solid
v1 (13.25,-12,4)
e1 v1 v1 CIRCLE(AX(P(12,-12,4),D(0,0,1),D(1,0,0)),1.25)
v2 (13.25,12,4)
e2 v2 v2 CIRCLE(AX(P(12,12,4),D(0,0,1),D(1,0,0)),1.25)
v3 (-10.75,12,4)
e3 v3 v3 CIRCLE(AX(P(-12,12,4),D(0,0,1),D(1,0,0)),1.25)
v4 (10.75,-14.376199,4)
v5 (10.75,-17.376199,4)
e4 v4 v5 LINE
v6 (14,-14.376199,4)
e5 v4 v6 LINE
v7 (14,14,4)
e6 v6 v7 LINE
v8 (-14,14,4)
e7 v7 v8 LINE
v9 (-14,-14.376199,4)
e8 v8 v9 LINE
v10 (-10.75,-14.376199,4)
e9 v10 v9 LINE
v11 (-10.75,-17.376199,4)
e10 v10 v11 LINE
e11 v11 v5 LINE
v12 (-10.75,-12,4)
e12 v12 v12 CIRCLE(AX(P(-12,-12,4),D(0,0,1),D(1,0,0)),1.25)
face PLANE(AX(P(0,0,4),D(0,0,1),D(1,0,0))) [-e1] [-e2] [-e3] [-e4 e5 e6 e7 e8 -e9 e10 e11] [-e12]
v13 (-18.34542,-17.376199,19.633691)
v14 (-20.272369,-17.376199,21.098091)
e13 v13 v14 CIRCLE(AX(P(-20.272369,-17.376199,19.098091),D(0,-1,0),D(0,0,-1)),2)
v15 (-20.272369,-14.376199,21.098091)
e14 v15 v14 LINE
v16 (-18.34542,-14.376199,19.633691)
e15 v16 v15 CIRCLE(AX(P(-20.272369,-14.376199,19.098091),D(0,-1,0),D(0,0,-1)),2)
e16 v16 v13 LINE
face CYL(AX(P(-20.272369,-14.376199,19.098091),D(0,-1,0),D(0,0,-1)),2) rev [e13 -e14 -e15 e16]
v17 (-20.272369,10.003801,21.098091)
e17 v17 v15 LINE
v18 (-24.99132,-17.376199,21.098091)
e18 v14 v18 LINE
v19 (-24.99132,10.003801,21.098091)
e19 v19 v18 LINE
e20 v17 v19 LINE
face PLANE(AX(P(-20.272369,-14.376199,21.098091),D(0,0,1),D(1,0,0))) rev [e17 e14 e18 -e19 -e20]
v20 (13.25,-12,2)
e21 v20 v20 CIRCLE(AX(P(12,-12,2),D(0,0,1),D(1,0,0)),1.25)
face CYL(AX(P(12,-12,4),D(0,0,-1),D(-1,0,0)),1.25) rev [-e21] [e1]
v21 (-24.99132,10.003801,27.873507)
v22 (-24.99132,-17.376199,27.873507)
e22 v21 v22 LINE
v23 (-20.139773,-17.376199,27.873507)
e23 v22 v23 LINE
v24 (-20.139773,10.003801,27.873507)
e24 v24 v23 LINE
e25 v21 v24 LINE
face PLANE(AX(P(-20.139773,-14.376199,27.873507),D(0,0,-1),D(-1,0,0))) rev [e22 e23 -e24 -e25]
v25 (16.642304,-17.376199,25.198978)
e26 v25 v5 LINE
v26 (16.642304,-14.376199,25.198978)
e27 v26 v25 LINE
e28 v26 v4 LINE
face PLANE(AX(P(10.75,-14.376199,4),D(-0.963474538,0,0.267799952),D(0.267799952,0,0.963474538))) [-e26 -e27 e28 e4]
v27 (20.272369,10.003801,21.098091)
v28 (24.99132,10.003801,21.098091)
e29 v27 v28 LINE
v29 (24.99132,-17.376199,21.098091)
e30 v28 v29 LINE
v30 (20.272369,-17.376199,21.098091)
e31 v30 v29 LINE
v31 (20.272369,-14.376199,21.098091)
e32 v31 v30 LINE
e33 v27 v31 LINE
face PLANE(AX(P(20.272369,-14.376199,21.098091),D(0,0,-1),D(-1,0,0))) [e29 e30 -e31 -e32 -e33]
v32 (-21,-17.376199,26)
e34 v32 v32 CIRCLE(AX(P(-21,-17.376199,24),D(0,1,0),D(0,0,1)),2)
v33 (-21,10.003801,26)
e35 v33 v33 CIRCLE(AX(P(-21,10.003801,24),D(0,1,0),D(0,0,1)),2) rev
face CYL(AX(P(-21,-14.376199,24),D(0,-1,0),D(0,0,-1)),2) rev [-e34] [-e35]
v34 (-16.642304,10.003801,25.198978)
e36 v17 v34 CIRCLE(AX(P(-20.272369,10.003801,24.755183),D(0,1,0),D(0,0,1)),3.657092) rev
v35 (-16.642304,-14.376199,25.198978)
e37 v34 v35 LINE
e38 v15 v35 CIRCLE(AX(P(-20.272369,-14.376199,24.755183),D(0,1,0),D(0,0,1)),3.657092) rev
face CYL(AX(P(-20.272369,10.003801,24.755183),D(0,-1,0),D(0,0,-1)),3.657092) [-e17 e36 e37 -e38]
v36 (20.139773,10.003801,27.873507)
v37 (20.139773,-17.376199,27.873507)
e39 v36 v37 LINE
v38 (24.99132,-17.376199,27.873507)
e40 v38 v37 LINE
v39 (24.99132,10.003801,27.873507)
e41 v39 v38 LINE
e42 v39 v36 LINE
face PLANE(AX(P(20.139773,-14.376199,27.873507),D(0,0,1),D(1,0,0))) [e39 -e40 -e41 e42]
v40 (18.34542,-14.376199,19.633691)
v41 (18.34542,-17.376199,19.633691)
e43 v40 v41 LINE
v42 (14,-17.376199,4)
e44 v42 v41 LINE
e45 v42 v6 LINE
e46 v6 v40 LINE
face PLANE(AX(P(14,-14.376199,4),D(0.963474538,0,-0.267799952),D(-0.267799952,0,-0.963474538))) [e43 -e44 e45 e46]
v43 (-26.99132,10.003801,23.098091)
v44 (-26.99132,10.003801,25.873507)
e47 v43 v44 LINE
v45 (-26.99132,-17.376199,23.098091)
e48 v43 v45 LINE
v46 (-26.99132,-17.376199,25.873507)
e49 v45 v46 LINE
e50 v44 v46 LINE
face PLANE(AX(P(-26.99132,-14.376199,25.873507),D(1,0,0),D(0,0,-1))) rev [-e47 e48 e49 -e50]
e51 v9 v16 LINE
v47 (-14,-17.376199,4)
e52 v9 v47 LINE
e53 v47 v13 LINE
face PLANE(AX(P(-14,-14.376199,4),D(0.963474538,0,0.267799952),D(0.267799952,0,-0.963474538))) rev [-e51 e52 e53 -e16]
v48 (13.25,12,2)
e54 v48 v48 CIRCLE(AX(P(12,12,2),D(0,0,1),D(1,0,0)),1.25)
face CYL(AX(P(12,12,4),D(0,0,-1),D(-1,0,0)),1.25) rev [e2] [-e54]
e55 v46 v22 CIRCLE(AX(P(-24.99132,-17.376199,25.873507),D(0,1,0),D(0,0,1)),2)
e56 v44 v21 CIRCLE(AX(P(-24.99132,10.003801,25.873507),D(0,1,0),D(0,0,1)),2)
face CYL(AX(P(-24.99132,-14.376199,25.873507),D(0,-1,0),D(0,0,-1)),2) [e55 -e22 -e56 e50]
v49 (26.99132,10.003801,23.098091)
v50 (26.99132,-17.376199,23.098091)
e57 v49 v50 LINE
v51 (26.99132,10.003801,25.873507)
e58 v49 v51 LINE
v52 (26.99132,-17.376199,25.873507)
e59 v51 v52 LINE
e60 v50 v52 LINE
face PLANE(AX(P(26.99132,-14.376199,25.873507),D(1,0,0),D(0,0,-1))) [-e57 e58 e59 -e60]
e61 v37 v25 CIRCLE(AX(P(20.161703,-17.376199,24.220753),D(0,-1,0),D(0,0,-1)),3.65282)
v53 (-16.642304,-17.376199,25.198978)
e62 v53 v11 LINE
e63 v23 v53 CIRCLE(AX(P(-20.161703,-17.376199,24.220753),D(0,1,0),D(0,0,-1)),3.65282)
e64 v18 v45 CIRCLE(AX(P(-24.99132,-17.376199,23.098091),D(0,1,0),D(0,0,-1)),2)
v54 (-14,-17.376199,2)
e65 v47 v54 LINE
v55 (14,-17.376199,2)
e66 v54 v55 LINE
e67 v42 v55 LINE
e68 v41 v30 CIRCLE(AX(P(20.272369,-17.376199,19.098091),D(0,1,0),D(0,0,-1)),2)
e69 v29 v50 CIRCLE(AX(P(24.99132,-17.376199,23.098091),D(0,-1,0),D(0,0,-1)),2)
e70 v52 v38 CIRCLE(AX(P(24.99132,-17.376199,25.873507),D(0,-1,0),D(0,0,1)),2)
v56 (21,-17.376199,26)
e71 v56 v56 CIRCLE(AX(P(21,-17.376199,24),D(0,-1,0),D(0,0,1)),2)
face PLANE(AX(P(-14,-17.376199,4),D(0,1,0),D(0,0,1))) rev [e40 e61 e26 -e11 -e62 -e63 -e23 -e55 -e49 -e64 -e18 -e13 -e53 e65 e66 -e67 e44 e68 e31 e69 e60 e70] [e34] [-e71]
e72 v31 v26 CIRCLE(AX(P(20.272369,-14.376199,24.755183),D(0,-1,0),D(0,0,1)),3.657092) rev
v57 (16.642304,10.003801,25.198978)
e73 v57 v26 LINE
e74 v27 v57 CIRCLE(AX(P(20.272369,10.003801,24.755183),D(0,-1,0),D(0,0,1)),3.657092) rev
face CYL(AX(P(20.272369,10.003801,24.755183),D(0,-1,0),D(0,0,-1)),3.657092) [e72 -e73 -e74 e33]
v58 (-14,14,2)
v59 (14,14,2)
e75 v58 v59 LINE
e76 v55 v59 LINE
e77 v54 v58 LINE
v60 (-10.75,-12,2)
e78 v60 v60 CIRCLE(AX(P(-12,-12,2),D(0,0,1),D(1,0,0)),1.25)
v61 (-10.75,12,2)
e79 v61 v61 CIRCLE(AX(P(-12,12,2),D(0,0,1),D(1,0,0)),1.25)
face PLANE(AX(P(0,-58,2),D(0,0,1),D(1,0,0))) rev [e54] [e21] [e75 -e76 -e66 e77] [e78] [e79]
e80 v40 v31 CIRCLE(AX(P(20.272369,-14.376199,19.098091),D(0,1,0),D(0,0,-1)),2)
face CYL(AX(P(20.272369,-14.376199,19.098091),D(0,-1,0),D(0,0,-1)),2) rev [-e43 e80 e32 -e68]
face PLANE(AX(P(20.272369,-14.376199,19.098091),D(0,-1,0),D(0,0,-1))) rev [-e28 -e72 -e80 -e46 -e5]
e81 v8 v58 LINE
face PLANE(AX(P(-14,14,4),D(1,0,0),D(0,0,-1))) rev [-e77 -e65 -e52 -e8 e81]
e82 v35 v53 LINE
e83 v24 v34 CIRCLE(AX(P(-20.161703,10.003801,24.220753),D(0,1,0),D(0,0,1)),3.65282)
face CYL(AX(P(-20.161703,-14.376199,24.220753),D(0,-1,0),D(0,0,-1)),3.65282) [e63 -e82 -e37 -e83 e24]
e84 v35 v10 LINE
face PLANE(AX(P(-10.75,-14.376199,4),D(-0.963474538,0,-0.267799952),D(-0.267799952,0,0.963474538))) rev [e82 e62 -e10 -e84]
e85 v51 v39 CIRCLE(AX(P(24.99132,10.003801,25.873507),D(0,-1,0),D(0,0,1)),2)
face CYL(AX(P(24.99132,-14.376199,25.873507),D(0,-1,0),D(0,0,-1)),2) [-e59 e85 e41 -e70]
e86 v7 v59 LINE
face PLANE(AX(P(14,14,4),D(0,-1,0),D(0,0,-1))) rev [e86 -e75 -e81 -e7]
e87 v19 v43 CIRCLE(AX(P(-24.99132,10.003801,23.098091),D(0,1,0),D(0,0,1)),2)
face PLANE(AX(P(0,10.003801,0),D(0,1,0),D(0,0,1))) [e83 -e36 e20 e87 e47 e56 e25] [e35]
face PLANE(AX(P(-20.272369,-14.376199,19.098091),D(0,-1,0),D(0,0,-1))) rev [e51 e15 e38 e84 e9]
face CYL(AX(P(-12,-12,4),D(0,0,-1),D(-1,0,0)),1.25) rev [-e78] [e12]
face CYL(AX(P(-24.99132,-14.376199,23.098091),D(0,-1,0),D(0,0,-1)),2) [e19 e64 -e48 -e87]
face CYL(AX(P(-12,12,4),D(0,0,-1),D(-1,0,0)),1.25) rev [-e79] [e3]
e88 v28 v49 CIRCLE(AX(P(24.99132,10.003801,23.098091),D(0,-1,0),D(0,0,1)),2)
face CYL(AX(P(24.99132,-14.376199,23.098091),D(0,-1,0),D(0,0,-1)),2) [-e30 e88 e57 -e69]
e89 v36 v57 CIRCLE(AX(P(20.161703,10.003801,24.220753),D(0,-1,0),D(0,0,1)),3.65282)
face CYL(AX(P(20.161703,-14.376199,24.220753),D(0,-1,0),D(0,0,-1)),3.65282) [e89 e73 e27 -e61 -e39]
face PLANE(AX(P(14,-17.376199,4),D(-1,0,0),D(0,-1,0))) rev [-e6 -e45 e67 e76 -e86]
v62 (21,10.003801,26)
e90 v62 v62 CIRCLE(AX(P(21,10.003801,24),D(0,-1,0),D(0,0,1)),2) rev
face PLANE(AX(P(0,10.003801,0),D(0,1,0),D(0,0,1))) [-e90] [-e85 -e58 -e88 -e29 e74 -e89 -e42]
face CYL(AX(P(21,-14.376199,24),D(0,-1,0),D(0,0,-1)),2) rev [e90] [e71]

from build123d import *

# Parameters (mm, degrees)
SKETCH_1_W          = 28
SKETCH_1_H          = 31.376198505
SKETCH_1_R          = 1.25
EXTRUDE_1_DEPTH     = 4
SKETCH_4_R          = 2
EXTRUDE_3_DEPTH     = 3
SKETCH_6_R          = 2
EXTRUDE_4_DEPTH     = 24.38
SKETCH_7_W          = 28
SKETCH_7_H          = 2
CUT_EXTRUDE_1_DEPTH = 72


with BuildPart() as part:
    # 草图1 → 凸台-拉伸1 (new body)
    with BuildSketch(Plane.XY):
        with Locations((0, -1.688099253)):
            Rectangle(SKETCH_1_W, SKETCH_1_H)
        with Locations((-12, -12)):
            Circle(SKETCH_1_R, mode=Mode.SUBTRACT)
        with Locations((-12, 12)):
            Circle(SKETCH_1_R, mode=Mode.SUBTRACT)
        with Locations((12, 12)):
            Circle(SKETCH_1_R, mode=Mode.SUBTRACT)
        with Locations((12, -12)):
            Circle(SKETCH_1_R, mode=Mode.SUBTRACT)
    extrude(amount=EXTRUDE_1_DEPTH)

    # 草图4 → 凸台-拉伸3 (add)
    with BuildSketch(Plane(origin=(0, -17.376198505, 0), x_dir=(1, 0, 0), z_dir=(0, 1, 0))):
        with BuildLine():
            Line((-10.75, -4), (-16.6423045, -25.198978267))
            ThreePointArc((-16.6423045, -25.198978267), (-17.942800458, -27.122401454), (-20.139772651, -27.873507091))
            Line((-20.139772651, -27.873507091), (-24.991319672, -27.873507091))
            ThreePointArc((-24.991319672, -27.873507091), (-26.405533234, -27.287720654), (-26.991319672, -25.873507091))
            Line((-26.991319672, -25.873507091), (-26.991319672, -23.098090883))
            ThreePointArc((-26.991319672, -23.098090883), (-26.405533234, -21.68387732), (-24.991319672, -21.098090883))
            Line((-24.991319672, -21.098090883), (-20.272369191, -21.098090883))
            ThreePointArc((-20.272369191, -21.098090883), (-19.062245191, -20.690447597), (-18.345420115, -19.633690786))
            Line((-18.345420115, -19.633690786), (-14, -4))
            Line((-14, -4), (-10.75, -4))
        make_face()
        with Locations((-21, -24)):
            Circle(SKETCH_4_R, mode=Mode.SUBTRACT)
    extrude_3 = extrude(amount=EXTRUDE_3_DEPTH)

    # 草图6 → 凸台-拉伸4 (add)
    with BuildSketch(Plane(origin=(0, -14.376198505, 0), x_dir=(1, 0, 0), z_dir=(0, 1, 0))):
        with BuildLine():
            ThreePointArc((-20.272369191, -21.098090883), (-17.534000745, -22.331206649), (-16.6423045, -25.198978267))
            ThreePointArc((-16.6423045, -25.198978267), (-17.942800458, -27.122401454), (-20.139772651, -27.873507091))
            Line((-20.139772651, -27.873507091), (-24.991319672, -27.873507091))
            ThreePointArc((-24.991319672, -27.873507091), (-26.405533234, -27.287720654), (-26.991319672, -25.873507091))
            Line((-26.991319672, -25.873507091), (-26.991319672, -23.098090883))
            ThreePointArc((-26.991319672, -23.098090883), (-26.405533234, -21.68387732), (-24.991319672, -21.098090883))
            Line((-24.991319672, -21.098090883), (-20.272369191, -21.098090883))
        make_face()
        with Locations((-21, -24)):
            Circle(SKETCH_6_R, mode=Mode.SUBTRACT)
    extrude_4 = extrude(amount=EXTRUDE_4_DEPTH)

    # 镜向1: 凸台-拉伸3, 凸台-拉伸4 across plane
    add(extrude_3.mirror(Plane(origin=(0, 0, 0), x_dir=(0, 0, 1), z_dir=(1, 0, 0))))
    add(extrude_4.mirror(Plane(origin=(0, 0, 0), x_dir=(0, 0, 1), z_dir=(1, 0, 0))))

    # 草图7 → 切除-拉伸1 (cut)
    with BuildSketch(Plane(origin=(0, 14, 0), x_dir=(1, 0, 0), z_dir=(0, 1, 0))):
        with Locations((0, -1)):
            Rectangle(SKETCH_7_W, SKETCH_7_H)
    extrude(amount=-CUT_EXTRUDE_1_DEPTH, mode=Mode.SUBTRACT)


solid = part.part
